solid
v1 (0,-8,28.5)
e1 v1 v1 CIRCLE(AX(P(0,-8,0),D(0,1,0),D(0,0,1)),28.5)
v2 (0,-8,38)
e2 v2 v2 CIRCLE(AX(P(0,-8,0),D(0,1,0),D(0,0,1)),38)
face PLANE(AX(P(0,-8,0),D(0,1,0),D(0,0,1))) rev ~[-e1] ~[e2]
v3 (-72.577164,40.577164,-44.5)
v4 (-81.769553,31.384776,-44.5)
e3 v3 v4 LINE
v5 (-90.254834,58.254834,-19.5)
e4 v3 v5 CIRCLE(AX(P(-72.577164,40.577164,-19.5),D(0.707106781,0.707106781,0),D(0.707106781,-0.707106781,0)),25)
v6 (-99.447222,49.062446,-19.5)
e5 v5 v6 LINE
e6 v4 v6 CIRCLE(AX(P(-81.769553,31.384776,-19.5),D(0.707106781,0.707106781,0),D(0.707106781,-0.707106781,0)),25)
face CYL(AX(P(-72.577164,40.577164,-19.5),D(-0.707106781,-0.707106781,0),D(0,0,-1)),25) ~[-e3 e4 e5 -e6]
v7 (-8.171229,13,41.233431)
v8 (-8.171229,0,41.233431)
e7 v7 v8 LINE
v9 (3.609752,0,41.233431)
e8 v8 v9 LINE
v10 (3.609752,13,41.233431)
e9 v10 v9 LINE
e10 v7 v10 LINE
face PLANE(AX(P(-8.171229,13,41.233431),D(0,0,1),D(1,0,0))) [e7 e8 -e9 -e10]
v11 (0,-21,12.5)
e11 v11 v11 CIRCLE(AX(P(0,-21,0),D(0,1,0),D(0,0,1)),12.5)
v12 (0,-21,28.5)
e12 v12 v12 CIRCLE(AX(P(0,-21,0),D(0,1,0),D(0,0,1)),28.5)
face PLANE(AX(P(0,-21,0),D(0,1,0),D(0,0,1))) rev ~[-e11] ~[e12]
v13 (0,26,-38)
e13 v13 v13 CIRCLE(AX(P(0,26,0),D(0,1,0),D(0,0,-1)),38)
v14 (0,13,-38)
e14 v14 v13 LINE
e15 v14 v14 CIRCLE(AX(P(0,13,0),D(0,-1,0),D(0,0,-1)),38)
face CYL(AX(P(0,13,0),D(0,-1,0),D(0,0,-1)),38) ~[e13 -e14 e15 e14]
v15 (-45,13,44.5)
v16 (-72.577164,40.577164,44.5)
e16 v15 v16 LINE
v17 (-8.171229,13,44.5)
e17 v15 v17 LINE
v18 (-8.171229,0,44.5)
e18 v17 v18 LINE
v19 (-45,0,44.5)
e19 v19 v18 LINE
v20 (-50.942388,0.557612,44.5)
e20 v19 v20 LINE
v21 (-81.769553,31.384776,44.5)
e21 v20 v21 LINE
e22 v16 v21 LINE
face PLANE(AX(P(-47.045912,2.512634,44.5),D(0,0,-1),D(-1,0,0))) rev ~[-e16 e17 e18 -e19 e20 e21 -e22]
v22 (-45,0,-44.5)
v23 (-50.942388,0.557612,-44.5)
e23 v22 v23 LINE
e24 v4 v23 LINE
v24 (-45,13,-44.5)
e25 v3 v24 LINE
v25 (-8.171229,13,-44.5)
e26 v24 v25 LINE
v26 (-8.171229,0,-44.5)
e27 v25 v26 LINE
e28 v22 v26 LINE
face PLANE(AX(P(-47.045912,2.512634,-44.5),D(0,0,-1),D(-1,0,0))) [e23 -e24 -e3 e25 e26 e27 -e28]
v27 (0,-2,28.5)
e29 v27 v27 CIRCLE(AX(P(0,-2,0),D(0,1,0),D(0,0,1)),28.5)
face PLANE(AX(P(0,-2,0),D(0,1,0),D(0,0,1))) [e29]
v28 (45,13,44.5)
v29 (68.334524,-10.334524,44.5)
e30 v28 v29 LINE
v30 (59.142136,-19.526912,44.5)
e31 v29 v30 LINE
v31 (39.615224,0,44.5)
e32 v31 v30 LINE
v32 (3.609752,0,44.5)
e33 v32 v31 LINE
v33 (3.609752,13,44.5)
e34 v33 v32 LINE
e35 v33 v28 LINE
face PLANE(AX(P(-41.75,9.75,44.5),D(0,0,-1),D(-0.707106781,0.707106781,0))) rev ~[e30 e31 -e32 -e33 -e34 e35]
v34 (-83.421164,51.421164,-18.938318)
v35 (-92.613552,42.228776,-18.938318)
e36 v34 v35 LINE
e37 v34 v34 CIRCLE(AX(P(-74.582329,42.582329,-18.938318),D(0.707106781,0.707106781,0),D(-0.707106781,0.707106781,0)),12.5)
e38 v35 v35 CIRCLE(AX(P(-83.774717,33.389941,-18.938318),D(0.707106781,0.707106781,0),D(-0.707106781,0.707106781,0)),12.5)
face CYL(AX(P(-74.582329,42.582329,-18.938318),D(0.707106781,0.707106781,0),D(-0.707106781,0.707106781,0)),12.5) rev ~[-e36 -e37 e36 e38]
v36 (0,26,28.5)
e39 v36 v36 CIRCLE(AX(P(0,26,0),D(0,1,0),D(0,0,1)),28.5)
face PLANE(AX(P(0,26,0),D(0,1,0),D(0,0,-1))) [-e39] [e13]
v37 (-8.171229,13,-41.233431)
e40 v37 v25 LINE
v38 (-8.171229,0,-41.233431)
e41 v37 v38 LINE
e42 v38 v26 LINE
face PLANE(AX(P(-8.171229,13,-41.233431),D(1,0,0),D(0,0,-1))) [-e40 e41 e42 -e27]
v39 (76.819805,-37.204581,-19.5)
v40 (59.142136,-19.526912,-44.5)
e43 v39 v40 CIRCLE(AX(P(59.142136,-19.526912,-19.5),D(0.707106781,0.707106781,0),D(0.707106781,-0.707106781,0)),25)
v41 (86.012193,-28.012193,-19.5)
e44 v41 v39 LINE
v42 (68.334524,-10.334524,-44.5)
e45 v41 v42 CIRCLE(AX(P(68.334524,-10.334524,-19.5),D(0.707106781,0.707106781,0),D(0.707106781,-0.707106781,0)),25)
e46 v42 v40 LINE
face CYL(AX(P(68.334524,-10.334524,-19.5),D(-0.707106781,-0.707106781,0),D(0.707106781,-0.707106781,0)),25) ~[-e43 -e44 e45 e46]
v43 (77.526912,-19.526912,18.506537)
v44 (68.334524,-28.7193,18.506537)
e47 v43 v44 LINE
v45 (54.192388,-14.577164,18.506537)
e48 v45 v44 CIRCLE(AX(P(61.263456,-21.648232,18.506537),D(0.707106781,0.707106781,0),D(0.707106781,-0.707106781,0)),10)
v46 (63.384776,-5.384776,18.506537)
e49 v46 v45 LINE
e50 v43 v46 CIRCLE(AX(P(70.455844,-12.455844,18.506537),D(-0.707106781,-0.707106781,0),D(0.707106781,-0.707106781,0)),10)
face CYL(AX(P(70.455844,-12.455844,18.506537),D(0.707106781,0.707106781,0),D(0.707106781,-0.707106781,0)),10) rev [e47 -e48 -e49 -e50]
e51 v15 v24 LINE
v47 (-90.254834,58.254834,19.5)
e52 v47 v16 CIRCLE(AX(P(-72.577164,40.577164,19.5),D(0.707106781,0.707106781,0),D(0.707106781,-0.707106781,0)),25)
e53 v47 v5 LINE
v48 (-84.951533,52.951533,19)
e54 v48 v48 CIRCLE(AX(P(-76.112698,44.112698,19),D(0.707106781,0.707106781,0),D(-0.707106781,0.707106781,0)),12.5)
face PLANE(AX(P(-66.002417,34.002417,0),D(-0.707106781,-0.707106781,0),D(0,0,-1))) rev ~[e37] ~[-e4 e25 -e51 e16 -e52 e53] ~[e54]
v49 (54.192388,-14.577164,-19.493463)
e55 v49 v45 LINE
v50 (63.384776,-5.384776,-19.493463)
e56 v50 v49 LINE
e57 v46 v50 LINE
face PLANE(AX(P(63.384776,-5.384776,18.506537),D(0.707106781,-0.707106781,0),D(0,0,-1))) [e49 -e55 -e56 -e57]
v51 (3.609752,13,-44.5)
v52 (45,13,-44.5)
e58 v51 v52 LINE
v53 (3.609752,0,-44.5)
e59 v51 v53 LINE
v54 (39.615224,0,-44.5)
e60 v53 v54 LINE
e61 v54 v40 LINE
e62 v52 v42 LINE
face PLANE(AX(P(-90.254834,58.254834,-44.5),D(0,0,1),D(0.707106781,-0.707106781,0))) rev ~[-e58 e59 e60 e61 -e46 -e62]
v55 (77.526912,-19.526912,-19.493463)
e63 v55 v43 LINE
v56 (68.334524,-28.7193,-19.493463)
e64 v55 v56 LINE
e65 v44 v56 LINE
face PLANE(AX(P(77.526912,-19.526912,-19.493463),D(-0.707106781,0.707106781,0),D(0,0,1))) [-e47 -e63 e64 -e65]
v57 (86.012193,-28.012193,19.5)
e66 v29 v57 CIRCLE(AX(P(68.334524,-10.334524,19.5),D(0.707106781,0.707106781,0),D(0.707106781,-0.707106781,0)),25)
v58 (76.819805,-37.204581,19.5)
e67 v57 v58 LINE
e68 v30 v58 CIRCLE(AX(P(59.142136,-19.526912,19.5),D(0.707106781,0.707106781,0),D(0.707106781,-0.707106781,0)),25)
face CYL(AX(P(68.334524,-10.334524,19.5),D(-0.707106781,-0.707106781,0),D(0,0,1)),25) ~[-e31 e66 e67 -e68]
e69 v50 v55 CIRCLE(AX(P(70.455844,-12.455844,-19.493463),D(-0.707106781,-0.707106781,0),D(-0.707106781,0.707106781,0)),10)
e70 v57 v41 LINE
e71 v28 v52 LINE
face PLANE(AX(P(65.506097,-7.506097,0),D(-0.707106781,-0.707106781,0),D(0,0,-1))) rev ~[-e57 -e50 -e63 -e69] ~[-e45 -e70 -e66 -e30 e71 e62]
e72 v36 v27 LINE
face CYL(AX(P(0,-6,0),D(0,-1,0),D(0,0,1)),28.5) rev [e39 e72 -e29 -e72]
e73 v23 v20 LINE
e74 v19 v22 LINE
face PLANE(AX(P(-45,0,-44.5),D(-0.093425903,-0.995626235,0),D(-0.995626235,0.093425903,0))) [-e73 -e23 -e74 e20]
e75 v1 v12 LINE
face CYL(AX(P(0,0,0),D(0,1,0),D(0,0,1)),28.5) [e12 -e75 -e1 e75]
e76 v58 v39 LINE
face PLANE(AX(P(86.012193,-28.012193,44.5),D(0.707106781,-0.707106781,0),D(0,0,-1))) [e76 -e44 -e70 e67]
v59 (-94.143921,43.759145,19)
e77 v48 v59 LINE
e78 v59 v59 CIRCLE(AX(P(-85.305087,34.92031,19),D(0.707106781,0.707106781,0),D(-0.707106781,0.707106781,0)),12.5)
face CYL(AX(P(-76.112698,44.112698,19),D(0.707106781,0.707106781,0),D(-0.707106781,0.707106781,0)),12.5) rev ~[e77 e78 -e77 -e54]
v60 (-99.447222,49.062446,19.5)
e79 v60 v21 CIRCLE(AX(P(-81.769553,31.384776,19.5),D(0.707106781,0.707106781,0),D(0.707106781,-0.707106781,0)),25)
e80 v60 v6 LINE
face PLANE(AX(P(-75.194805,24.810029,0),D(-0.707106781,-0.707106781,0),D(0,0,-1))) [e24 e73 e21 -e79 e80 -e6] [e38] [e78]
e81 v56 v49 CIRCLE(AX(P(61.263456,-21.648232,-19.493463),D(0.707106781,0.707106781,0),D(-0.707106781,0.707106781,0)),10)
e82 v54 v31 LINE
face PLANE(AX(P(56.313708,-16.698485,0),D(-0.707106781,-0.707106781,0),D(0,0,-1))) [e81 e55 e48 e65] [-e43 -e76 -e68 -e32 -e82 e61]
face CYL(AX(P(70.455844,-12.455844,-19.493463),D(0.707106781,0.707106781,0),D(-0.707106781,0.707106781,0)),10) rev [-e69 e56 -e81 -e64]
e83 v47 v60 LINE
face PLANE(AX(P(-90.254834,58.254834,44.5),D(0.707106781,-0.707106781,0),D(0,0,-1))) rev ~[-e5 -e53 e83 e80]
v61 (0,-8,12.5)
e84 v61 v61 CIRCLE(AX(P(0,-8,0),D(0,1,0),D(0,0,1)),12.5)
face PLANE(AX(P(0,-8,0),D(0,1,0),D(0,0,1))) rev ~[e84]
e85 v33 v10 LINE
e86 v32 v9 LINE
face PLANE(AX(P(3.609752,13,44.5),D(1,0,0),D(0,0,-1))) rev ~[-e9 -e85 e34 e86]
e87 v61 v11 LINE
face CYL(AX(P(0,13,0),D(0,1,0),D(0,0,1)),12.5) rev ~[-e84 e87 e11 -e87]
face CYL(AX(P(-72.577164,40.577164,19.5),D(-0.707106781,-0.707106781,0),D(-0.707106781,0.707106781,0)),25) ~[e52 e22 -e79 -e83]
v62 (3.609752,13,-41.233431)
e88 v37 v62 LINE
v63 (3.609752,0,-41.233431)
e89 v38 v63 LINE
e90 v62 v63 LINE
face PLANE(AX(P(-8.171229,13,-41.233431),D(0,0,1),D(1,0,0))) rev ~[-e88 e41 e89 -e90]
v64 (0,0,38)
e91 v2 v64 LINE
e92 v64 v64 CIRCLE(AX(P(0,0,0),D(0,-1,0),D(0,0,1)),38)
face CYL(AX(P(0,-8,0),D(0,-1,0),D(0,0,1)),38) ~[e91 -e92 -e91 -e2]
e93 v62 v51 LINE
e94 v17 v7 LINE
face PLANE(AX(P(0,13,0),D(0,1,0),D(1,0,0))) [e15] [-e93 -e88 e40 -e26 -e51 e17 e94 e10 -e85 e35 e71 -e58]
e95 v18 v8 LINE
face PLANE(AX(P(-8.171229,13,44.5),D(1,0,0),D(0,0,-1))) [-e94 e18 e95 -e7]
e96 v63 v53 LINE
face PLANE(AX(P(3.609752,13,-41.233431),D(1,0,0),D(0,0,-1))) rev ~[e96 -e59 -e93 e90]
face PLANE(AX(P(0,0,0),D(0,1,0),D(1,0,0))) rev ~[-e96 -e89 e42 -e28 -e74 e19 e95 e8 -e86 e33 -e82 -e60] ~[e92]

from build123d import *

# Parameters (mm, degrees)
SKETCH_2_W               = 90
SKETCH_2_H               = 89
EXTRUDE_1_DEPTH          = 13
SKETCH_3_W               = 89
SKETCH_3_H               = 58
EXTRUDE_2_DEPTH          = 13
FILLET_1_R               = 25
EXTRUDE_4_DEPTH          = 13
SKETCH_5_R               = 12.5
CUT_EXTRUDE_1_DEPTH      = 134.792817279
FILLET_2_R               = 25
CUT_EXTRUDE_2_DEPTH      = 152.201803843
SKETCH_7_R               = 38
EXTRUDE_5_DEPTH          = 13
CUT_EXTRUDE_3_DEPTH      = 13
CUT_EXTRUDE_3_DEPTH_BACK = 19
SKETCH_7_3_R             = 28.5
EXTRUDE_START            = -13
SKETCH_7_4_R             = 28.5
EXTRUDE_6_DEPTH          = 21
SKETCH_7_5_R             = 12.5
CUT_EXTRUDE_4_DEPTH      = 120.960410109
SKETCH_8_W               = 11.780980298
SKETCH_8_H               = 3.266568958
CUT_EXTRUDE_5_DEPTH      = 21
EXTRUDE_7_DEPTH          = 89
EXTRUDE_START_2          = -21
SKETCH_7_6_R             = 38
EXTRUDE_8_DEPTH          = 21
SKETCH_7_7_R             = 28.5
CUT_EXTRUDE_6_DEPTH      = 15


with BuildPart() as part:
    # 스케치2 → 보스-돌출1 (new body)
    with BuildSketch(Plane(origin=(0, 0, 0), x_dir=(1, 0, 0), z_dir=(0, 1, 0))):
        Rectangle(SKETCH_2_W, SKETCH_2_H)
    extrude(amount=EXTRUDE_1_DEPTH)

    # 스케치3 → 보스-돌출2 (add)
    with BuildSketch(Plane(origin=(29, 29, 0), x_dir=(0, 0, -1), z_dir=(-0.7071067811865438, -0.7071067811865512, 0))):
        with Locations((0, 51.627416998)):
            Rectangle(SKETCH_3_W, SKETCH_3_H)
    extrude(amount=EXTRUDE_2_DEPTH)

    # 필렛1
    fillet_1_edges = [part.edges().sort_by_distance(p)[0] for p in [
        (81.415999231, -32.608387387, -44.5),
        (81.415999231, -32.608387387, 44.5),
    ]]
    fillet(fillet_1_edges, radius=FILLET_1_R)

    # 스케치4 → 보스-돌출4 (add)
    with BuildSketch(Plane(origin=(-16, -16, 0), x_dir=(0, 0, -1), z_dir=(-0.7071067811865438, -0.7071067811865512, 0))):
        Polygon((44.5, -105.012193309), (44.5, -41.012193309), (44.5, -36.415999231), (-44.5, -36.415999231), (-44.5, -41.012193309), (-44.5, -105.012193309), align=None)
    extrude(amount=EXTRUDE_4_DEPTH)

    # 스케치5 → 컷-돌출1 (cut, through all)
    with BuildSketch(Plane(origin=(-16, -16, 0), x_dir=(0, 0, -1), z_dir=(0.707106781186544, 0.7071067811865511, 0))):
        with Locations((-19, 85.012193309)):
            Circle(SKETCH_5_R)
        with Locations((18.938317585, 82.847924647)):
            Circle(SKETCH_5_R)
    extrude(amount=-CUT_EXTRUDE_1_DEPTH, mode=Mode.SUBTRACT)

    # 필렛2
    fillet_2_edges = [part.edges().sort_by_distance(p)[0] for p in [
        (-94.851028074, 53.658639918, -44.5),
        (-94.851028074, 53.658639918, 44.5),
    ]]
    fillet(fillet_2_edges, radius=FILLET_2_R)

    # 스케치6 → 컷-돌출2 (cut, through all)
    with BuildSketch(Plane(origin=(29, 29, 0), x_dir=(0, 0, -1), z_dir=(0.707106781186544, 0.7071067811865511, 0))):
        with BuildLine():
            Line((-18.50653718, -48.627416998), (19.49346282, -48.627416998))
            ThreePointArc((19.49346282, -48.627416998), (29.49346282, -58.627416998), (19.49346282, -68.627416998))
            Line((19.49346282, -68.627416998), (-18.50653718, -68.627416998))
            ThreePointArc((-18.50653718, -68.627416998), (-28.50653718, -58.627416998), (-18.50653718, -48.627416998))
        make_face()
    extrude(amount=-CUT_EXTRUDE_2_DEPTH, mode=Mode.SUBTRACT)

    # 스케치7 → 보스-돌출5 (add)
    with BuildSketch(Plane(origin=(0, 13, 0), x_dir=(1, 0, 0), z_dir=(0, 1, 0))):
        Circle(SKETCH_7_R)
    extrude(amount=EXTRUDE_5_DEPTH)

    # 스케치7<3> → 컷-돌출3 (cut, two sides: drawn at the far end of the back side and taken through both)
    with BuildSketch(Plane(origin=(0, 13, 0), x_dir=(1, 0, 0), z_dir=(0, 1, 0)).offset(-CUT_EXTRUDE_3_DEPTH_BACK)):
        Circle(SKETCH_7_3_R)
    extrude(amount=CUT_EXTRUDE_3_DEPTH + CUT_EXTRUDE_3_DEPTH_BACK, mode=Mode.SUBTRACT)

    # 스케치8 → 컷-돌출5 (cut)
    with BuildSketch(Plane(origin=(0, 13, 0), x_dir=(1, 0, 0), z_dir=(0, 1, 0))):
        with Locations((-2.280738609, 42.866715521)):
            Rectangle(SKETCH_8_W, SKETCH_8_H)
        with Locations((-2.280738609, -42.866715521)):
            Rectangle(SKETCH_8_W, SKETCH_8_H)
    extrude(amount=-CUT_EXTRUDE_5_DEPTH, mode=Mode.SUBTRACT)

    # 스케치9 → 보스-돌출7 (add)
    with BuildSketch(Plane(origin=(0, 0, -44.5), x_dir=(-1, 0, 0), z_dir=(0, 0, -1))):
        Polygon((45, 6.5), (45, 0), (50.942388155, 0.557611845), align=None)
    extrude(amount=-EXTRUDE_7_DEPTH)



with BuildPart() as body_2:
    # 스케치7<4> → 보스-돌출6 (new body)
    with BuildSketch(Plane(origin=(0, 13, 0), x_dir=(1, 0, 0), z_dir=(0, 1, 0)).offset(EXTRUDE_START)):
        Circle(SKETCH_7_4_R)
    extrude(amount=-EXTRUDE_6_DEPTH)

    # 스케치7<5> → 컷-돌출4 (cut, through all)
    with BuildSketch(Plane(origin=(0, 13, 0), x_dir=(1, 0, 0), z_dir=(0, 1, 0))):
        Circle(SKETCH_7_5_R)
    extrude(amount=-CUT_EXTRUDE_4_DEPTH, mode=Mode.SUBTRACT)


with BuildPart() as part_1:
    add(part.part)

    add(body_2.part)  # 보스-돌출8 merges body 2
    # 스케치7<6> → 보스-돌출8 (add)
    with BuildSketch(Plane(origin=(0, 13, 0), x_dir=(1, 0, 0), z_dir=(0, 1, 0)).offset(EXTRUDE_START_2)):
        Circle(SKETCH_7_6_R)
    extrude(amount=EXTRUDE_8_DEPTH)

    # 스케치7<7> → 컷-돌출6 (cut)
    with BuildSketch(Plane(origin=(0, 13, 0), x_dir=(1, 0, 0), z_dir=(0, 1, 0))):
        Circle(SKETCH_7_7_R)
    extrude(amount=-CUT_EXTRUDE_6_DEPTH, mode=Mode.SUBTRACT)


solid = part_1.part
